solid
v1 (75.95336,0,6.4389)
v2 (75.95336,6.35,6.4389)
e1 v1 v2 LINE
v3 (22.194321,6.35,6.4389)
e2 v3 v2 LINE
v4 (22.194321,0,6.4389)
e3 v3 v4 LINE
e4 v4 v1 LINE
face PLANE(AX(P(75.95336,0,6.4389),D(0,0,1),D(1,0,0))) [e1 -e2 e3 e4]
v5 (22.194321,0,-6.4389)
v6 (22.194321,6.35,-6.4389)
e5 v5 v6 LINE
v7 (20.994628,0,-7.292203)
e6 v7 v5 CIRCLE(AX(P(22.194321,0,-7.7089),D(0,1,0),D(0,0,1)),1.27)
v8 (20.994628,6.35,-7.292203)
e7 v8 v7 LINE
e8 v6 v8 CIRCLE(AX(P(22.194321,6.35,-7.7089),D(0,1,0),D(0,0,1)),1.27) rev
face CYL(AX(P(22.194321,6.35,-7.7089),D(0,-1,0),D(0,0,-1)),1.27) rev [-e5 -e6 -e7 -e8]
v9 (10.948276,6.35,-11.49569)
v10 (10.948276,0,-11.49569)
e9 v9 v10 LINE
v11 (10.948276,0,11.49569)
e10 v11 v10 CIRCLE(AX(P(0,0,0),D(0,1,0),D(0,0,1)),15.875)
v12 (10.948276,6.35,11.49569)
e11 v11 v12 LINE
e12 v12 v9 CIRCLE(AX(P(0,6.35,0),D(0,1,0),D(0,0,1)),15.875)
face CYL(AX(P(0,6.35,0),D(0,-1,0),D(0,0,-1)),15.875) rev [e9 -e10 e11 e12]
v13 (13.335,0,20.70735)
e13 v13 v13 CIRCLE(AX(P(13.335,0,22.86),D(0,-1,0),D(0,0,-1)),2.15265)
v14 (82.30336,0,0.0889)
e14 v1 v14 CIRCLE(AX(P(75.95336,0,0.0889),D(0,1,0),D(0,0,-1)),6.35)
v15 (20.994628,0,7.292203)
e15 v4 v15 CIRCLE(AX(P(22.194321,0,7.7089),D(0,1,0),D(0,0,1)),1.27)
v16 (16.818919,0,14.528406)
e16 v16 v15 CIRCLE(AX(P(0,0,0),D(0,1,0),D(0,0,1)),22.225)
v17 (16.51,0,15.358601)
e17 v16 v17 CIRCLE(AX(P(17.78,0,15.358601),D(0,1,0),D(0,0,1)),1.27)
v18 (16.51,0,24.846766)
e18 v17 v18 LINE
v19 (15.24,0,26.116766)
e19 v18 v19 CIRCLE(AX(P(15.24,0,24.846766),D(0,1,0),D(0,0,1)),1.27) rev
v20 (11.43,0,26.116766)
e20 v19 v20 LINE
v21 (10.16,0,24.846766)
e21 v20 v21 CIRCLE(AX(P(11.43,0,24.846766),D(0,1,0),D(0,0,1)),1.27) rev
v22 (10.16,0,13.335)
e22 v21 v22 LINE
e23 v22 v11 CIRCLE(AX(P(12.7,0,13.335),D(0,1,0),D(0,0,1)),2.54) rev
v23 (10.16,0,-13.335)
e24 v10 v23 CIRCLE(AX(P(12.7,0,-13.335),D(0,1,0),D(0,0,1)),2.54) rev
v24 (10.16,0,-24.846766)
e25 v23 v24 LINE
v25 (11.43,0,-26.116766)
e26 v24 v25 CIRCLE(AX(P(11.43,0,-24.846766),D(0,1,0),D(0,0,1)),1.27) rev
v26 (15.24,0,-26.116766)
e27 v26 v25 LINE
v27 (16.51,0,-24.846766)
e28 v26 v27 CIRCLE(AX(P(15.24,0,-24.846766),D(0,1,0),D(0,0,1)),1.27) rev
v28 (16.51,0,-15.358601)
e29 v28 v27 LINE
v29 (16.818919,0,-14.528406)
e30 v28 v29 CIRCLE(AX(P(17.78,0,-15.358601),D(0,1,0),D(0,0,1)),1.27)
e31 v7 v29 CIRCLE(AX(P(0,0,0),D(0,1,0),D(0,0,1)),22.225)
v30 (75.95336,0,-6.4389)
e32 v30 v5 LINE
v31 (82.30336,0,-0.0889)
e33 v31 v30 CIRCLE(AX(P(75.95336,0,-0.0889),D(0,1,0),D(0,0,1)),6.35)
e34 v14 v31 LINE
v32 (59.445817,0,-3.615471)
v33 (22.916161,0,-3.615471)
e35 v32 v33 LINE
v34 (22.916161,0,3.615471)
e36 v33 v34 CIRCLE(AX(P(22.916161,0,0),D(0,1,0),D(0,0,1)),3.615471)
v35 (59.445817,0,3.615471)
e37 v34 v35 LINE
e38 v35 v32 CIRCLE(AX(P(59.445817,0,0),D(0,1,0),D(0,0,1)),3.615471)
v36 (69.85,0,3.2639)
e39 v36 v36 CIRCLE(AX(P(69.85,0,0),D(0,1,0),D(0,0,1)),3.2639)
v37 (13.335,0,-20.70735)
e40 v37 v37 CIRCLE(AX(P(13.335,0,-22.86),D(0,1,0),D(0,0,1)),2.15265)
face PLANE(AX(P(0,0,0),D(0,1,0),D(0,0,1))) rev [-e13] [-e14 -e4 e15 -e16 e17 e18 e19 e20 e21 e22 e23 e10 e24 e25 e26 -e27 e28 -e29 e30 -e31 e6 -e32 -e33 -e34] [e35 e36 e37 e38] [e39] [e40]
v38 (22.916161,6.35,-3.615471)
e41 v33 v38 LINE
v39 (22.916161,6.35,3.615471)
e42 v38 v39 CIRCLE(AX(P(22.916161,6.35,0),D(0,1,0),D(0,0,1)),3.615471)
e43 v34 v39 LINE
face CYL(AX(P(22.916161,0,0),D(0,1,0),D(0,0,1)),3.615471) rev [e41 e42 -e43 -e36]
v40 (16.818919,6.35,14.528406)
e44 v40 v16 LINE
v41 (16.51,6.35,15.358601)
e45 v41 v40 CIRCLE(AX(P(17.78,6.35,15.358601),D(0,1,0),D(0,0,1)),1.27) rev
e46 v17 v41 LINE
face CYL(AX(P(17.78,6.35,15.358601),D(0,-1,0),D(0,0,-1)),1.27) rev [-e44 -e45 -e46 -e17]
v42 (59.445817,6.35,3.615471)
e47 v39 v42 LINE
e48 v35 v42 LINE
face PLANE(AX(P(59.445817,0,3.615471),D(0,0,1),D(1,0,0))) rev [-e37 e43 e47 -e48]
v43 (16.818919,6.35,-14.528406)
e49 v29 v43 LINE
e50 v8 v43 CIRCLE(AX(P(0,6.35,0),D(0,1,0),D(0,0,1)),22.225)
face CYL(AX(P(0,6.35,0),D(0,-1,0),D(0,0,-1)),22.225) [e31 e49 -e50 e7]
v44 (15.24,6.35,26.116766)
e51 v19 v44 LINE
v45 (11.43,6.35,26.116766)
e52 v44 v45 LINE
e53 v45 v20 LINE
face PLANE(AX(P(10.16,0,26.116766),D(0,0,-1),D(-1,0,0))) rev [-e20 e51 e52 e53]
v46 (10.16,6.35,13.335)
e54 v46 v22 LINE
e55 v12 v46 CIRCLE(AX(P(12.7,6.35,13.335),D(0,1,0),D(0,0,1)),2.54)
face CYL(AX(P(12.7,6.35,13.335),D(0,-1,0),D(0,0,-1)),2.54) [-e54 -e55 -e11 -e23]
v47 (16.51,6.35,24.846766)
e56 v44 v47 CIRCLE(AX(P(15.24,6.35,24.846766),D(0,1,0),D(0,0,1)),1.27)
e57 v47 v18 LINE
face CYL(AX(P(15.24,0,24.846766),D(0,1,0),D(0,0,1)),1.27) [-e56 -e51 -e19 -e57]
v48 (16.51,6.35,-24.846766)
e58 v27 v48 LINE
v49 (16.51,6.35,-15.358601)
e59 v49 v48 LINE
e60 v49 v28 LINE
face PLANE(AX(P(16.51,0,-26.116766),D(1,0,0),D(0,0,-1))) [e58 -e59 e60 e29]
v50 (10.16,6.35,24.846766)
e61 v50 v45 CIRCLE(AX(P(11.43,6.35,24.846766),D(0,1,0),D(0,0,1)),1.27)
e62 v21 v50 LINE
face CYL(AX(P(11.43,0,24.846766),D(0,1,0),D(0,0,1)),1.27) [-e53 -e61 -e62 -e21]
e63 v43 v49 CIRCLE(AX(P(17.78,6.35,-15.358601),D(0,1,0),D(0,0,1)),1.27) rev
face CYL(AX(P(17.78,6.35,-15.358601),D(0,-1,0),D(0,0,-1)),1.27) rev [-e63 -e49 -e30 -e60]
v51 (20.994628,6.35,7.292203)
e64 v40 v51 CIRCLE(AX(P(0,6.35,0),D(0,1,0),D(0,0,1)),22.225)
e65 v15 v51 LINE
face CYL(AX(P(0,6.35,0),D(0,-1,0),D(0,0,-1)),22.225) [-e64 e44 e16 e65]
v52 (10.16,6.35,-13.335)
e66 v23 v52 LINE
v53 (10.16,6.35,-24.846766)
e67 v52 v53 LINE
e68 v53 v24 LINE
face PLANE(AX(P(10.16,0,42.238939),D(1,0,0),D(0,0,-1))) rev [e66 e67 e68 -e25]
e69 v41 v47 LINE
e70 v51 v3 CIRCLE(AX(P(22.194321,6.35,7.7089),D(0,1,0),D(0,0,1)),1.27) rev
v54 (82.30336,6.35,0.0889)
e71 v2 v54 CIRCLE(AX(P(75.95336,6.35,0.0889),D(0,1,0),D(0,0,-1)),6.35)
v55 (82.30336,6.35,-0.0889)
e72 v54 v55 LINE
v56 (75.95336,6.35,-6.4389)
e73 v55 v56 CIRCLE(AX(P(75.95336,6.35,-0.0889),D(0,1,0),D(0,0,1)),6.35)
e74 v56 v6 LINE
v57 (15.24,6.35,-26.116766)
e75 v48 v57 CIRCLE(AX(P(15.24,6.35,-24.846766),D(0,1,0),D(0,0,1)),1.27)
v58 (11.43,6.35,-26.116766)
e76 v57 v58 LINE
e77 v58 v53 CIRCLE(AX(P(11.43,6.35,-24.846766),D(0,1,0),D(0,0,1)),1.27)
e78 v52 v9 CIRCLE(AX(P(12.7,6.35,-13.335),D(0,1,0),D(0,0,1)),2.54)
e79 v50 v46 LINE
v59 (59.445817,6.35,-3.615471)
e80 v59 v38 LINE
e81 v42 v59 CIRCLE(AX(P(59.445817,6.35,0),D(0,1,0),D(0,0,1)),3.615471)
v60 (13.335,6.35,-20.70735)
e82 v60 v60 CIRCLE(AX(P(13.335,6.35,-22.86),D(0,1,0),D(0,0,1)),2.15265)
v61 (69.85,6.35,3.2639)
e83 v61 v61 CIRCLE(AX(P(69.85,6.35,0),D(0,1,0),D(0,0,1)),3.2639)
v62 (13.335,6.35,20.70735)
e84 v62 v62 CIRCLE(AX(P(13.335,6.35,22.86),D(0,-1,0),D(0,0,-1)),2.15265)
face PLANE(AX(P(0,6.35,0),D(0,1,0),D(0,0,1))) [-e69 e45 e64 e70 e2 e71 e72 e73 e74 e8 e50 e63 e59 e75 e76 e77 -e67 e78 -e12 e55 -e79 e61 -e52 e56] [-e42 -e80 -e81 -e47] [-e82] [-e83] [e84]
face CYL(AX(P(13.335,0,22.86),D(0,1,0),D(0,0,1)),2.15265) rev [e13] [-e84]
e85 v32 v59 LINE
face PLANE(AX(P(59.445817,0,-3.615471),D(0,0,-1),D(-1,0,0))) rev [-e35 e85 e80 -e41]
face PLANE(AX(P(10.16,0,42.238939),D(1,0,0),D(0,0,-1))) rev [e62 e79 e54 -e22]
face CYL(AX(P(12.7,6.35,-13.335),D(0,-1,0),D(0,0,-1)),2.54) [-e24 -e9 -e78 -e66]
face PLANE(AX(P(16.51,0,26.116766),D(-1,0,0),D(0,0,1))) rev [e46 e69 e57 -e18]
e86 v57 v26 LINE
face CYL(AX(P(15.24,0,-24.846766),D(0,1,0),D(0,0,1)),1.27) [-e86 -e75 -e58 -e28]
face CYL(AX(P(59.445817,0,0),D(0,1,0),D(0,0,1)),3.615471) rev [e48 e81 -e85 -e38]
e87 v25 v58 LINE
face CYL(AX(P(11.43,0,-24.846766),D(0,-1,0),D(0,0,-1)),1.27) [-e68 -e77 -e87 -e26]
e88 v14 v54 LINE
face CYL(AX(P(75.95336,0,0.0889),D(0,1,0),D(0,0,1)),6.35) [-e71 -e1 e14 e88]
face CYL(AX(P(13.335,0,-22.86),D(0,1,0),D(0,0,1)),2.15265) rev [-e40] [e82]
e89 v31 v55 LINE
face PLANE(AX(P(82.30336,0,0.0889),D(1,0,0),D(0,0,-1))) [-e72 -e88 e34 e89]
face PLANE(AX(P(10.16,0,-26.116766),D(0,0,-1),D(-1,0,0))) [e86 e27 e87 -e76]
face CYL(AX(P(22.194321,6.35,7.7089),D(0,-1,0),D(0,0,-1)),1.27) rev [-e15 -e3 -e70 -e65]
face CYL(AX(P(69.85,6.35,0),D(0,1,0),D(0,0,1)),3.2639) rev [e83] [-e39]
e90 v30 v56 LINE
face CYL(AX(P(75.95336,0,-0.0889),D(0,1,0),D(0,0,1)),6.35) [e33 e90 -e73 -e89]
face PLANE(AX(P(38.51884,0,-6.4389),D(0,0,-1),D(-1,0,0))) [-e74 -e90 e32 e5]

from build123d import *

# Parameters (mm, degrees)
SKETCH1_R                = 22.225
SKETCH1_R_2              = 15.875
BOSS_EXTRUDE1_DEPTH      = 6.35
BOSS_EXTRUDE2_DEPTH      = 6.35
F_0_257_DIAMETER_HOLE1_D = 6.5278
SKETCH6_W                = 65.552410467
SKETCH6_H                = 82.171101747
CUT_EXTRUDE2_DEPTH       = 7.35
FILLET2_R                = 2.54
SKETCH9_R                = 2.15265
BOSS_EXTRUDE3_DEPTH      = 6.35
FILLET4_R                = 1.27
CUT_EXTRUDE3_DEPTH       = 7.35


with BuildPart() as part:
    # Sketch1 → Boss-Extrude1 (new body)
    with BuildSketch(Plane(origin=(0, 0, 0), x_dir=(1, 0, 0), z_dir=(0, 1, 0))):
        Circle(SKETCH1_R)
        Circle(SKETCH1_R_2, mode=Mode.SUBTRACT)
    extrude(amount=BOSS_EXTRUDE1_DEPTH)

    # Sketch2 → Boss-Extrude2 (add)
    with BuildSketch(Plane(origin=(0, 6.35, 0), x_dir=(1, 0, 0), z_dir=(0, 1, 0))):
        with BuildLine():
            Line((75.953359527, -6.4389), (38.518839527, -6.4389))
            Line((38.518839527, -6.4389), (17.590769706, -6.4389))
            Line((17.590769706, -6.4389), (17.590769706, 6.4389))
            Line((17.590769706, 6.4389), (38.518839527, 6.4389))
            Line((38.518839527, 6.4389), (75.953359527, 6.4389))
            ThreePointArc((75.953359527, 6.4389), (80.443487588, 4.579028061), (82.303359527, 0.0889))
            Line((82.303359527, 0.0889), (82.303359527, -0.0889))
            ThreePointArc((82.303359527, -0.0889), (80.443487588, -4.579028061), (75.953359527, -6.4389))
        make_face()
    extrude(amount=-BOSS_EXTRUDE2_DEPTH)

    # F (0.257) Diameter Hole1 (through all)
    with Locations(Plane(origin=(0, 6.35, 0), x_dir=(1, 0, 0), z_dir=(0, 1, 0))):
        with Locations((69.85, 0)):
            Hole(F_0_257_DIAMETER_HOLE1_D / 2)

    # Sketch6 → Cut-Extrude2 (cut, through all)
    with BuildSketch(Plane(origin=(0, 6.35, 0), x_dir=(1, 0, 0), z_dir=(0, 1, 0))):
        with Locations((-22.616205234, -1.153387837)):
            Rectangle(SKETCH6_W, SKETCH6_H)
    extrude(amount=-CUT_EXTRUDE2_DEPTH, mode=Mode.SUBTRACT)

    # Fillet2
    fillet2_edges = [part.edges().sort_by_distance(p)[0] for p in [
        (10.16, 3.175, -12.197951672),
        (10.16, 3.175, 12.197951672),
    ]]
    fillet(fillet2_edges, radius=FILLET2_R)

    # Sketch9 → Boss-Extrude3 (add)
    with BuildSketch(Plane(origin=(0, 6.35, 0), x_dir=(1, 0, 0), z_dir=(0, 1, 0))):
        Polygon((10.16, 19.766765669), (10.16, 26.116765669), (16.51, 26.116765669), (16.51, 14.878525633), align=None)
        with Locations((13.335, 22.86)):
            Circle(SKETCH9_R, mode=Mode.SUBTRACT)
    boss_extrude3 = extrude(amount=-BOSS_EXTRUDE3_DEPTH)

    # Mirror1: Boss-Extrude3 across plane
    add(boss_extrude3.mirror(Plane.XY))

    # Fillet4
    fillet4_edges = [part.edges().sort_by_distance(p)[0] for p in [
        (21.271840348, 3.175, 6.4389),
        (21.271840348, 3.175, -6.4389),
        (16.51, 3.175, 14.878525633),
        (16.51, 3.175, 26.116765669),
        (10.16, 3.175, 26.116765669),
        (16.51, 3.175, -14.878525633),
        (10.16, 3.175, -26.116765669),
        (16.51, 3.175, -26.116765669),
    ]]
    fillet(fillet4_edges, radius=FILLET4_R)

    # Sketch11 → Cut-Extrude3 (cut, through all)
    with BuildSketch(Plane(origin=(0, 6.35, 0), x_dir=(1, 0, 0), z_dir=(0, 1, 0))):
        with BuildLine():
            Line((59.445816997, -3.615471241), (22.916160789, -3.615471241))
            ThreePointArc((22.916160789, -3.615471241), (19.300689548, 0), (22.916160789, 3.615471241))
            Line((22.916160789, 3.615471241), (59.445816997, 3.615471241))
            ThreePointArc((59.445816997, 3.615471241), (63.061288238, 0), (59.445816997, -3.615471241))
        make_face()
    extrude(amount=-CUT_EXTRUDE3_DEPTH, mode=Mode.SUBTRACT)


solid = part.part
